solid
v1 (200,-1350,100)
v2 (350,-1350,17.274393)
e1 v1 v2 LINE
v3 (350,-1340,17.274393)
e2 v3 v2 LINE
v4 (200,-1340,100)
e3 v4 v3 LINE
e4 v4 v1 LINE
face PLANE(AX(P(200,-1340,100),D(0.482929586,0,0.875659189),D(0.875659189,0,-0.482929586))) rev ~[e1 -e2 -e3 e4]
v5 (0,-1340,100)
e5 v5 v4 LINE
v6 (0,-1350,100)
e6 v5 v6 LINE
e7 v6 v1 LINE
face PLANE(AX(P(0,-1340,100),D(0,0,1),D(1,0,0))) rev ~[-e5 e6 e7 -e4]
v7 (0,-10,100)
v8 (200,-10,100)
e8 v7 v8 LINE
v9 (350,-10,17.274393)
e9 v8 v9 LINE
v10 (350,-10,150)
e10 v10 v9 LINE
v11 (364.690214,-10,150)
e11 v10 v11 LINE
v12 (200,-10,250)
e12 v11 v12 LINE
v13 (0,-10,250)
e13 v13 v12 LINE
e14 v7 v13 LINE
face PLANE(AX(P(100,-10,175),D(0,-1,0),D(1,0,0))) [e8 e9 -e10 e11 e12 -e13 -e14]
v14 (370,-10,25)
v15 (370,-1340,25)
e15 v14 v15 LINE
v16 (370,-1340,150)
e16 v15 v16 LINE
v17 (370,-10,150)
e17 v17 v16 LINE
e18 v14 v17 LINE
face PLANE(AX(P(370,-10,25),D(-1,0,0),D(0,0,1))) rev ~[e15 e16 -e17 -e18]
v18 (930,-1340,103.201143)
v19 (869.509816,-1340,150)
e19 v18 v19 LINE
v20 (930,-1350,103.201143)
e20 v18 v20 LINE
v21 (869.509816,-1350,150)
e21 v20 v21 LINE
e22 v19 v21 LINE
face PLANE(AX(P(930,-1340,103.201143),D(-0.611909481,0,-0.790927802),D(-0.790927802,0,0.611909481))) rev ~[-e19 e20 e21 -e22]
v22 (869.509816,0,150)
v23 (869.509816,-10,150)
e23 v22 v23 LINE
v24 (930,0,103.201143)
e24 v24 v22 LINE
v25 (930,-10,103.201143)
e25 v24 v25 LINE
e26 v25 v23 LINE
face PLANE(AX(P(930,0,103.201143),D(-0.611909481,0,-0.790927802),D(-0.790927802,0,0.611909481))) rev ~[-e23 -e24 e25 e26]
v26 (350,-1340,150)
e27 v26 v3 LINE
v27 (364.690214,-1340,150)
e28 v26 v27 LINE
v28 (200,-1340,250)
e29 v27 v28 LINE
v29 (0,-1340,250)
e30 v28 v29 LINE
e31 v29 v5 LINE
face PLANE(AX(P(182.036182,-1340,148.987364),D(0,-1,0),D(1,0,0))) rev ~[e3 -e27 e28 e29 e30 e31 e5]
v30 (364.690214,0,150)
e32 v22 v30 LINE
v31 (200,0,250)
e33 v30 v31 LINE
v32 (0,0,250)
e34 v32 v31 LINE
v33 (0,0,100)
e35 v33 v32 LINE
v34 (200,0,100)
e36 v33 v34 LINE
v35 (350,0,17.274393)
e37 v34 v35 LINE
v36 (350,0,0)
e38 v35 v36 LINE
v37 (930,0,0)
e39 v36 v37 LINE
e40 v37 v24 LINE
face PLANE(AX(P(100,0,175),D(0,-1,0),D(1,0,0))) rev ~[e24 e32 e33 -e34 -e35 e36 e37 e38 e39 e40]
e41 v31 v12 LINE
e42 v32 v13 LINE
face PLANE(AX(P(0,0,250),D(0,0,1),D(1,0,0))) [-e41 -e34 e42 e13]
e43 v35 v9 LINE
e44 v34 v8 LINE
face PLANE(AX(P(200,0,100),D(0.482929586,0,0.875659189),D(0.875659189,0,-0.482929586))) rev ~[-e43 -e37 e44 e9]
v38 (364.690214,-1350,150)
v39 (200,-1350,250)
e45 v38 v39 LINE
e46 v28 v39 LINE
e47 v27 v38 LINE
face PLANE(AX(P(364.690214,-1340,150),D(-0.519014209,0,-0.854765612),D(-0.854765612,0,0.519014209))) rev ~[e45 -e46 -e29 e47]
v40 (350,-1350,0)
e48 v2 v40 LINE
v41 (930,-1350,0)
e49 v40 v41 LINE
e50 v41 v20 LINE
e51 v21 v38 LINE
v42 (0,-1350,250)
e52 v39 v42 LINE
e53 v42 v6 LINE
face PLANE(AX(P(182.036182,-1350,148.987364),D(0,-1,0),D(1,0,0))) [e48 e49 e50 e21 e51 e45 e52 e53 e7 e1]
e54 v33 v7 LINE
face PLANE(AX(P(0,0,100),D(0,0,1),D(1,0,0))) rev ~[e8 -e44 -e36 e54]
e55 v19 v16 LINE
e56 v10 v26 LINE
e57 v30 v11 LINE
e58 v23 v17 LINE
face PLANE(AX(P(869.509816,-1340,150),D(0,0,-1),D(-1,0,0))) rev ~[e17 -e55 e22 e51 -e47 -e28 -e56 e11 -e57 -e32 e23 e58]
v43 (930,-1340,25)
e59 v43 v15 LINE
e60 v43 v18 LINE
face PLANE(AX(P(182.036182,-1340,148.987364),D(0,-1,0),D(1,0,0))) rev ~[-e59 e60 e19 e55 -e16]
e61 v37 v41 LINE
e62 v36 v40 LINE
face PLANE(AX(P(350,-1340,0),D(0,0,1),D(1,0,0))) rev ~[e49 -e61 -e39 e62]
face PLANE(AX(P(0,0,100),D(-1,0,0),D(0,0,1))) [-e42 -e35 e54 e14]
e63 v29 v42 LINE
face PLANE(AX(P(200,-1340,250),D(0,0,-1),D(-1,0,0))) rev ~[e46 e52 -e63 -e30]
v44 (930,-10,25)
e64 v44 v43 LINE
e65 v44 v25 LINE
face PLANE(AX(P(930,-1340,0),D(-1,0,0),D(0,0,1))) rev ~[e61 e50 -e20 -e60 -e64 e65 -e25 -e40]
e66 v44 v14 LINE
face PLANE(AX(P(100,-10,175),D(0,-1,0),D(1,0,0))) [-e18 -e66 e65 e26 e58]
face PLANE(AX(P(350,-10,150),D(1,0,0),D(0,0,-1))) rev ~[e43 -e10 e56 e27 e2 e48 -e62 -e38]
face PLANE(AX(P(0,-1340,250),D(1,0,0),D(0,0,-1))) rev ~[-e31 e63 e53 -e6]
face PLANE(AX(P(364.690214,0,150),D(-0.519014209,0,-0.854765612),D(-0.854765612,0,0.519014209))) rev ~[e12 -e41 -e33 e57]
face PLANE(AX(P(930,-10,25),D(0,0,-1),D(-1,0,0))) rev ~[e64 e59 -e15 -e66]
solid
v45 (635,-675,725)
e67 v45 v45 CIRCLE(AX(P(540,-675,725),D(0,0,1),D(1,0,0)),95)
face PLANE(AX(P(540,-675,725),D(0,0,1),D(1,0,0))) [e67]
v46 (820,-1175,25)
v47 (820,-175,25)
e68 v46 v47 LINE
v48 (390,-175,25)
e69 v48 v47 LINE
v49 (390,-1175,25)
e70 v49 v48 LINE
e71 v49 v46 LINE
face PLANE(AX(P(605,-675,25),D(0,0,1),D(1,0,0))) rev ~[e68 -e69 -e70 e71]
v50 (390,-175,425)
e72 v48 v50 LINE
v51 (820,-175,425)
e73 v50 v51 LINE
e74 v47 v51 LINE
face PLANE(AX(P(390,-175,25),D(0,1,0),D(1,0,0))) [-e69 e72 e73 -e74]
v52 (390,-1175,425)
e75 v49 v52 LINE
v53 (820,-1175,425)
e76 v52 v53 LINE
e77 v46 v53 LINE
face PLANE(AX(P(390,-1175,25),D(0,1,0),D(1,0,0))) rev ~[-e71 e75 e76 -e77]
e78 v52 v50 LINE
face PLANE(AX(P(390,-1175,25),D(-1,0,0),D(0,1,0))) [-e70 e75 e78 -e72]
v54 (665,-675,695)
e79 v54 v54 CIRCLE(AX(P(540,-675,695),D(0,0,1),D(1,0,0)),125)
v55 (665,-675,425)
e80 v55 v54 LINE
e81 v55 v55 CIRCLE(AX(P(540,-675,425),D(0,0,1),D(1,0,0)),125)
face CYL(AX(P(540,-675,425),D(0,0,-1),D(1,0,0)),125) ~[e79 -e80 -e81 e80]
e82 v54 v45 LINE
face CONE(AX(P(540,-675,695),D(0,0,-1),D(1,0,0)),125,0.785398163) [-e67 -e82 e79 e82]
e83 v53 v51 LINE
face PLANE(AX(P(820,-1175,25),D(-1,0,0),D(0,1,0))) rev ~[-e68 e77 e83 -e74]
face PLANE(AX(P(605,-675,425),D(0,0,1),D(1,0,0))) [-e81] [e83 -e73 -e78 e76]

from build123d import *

# Parameters (mm, degrees)
F0_W     = 200
F0_H     = 150
F1_DEPTH = 10
F2_W     = 20
F2_H     = 125
F3_DEPTH = 1330
F5_DEPTH = 10
F6_W     = 430
F6_H     = 1000
F7_DEPTH = 400
F8_R     = 125
F9_DEPTH = 300
F10_SIZE = 30


with BuildPart() as f1:
    # F0 (on Front) → F1 (new body)
    with BuildSketch(Plane.XZ):
        with Locations((100, 175)):
            Rectangle(F0_W, F0_H)
        Polygon((364.690214, 150), (200, 250), (200, 100), (350, 17.274393), (350, 0), (930, 0), (930, 103.201143), (869.509816, 150), align=None)
    extrude(amount=F1_DEPTH)

    # F2 (on face) → F3 (join)
    with BuildSketch(Plane.XZ.offset(10)):
        Polygon((350, 25), (350, 0), (930, 0), (930, 25), (370, 25), align=None)
        with Locations((360, 87.5)):
            Rectangle(F2_W, F2_H)
    extrude(amount=F3_DEPTH)

    # F4 (on face) → F5 (join)
    with BuildSketch(Plane.XZ.offset(1340)):
        Polygon((200, 250), (0, 250), (0, 100), (200, 100), (350, 17.274393), (350, 150), (364.690214, 150), align=None)
        Polygon((370, 150), (364.690214, 150), (350, 150), (350, 17.274393), (350, 0), (930, 0), (930, 25), (370, 25), align=None)
        Polygon((869.509816, 150), (370, 150), (370, 25), (930, 25), (930, 103.201143), align=None)
    extrude(amount=F5_DEPTH)


with BuildPart() as f7:
    # F6 (on face) → F7 (new body)
    with BuildSketch(Plane.XY.offset(25)):
        with Locations((605, -675)):
            Rectangle(F6_W, F6_H)
    extrude(amount=F7_DEPTH)

    # F8 (on face) → F9 (join)
    with BuildSketch(Plane.XY.offset(425)):
        with Locations((540, -675)):
            Circle(F8_R)
    extrude(amount=F9_DEPTH)

    # F10
    f10_edges = [f7.edges().sort_by_distance(p)[0] for p in [
        (415, -675, 725),
    ]]
    chamfer(f10_edges, length=F10_SIZE)


solid = Compound([f1.part, f7.part])
